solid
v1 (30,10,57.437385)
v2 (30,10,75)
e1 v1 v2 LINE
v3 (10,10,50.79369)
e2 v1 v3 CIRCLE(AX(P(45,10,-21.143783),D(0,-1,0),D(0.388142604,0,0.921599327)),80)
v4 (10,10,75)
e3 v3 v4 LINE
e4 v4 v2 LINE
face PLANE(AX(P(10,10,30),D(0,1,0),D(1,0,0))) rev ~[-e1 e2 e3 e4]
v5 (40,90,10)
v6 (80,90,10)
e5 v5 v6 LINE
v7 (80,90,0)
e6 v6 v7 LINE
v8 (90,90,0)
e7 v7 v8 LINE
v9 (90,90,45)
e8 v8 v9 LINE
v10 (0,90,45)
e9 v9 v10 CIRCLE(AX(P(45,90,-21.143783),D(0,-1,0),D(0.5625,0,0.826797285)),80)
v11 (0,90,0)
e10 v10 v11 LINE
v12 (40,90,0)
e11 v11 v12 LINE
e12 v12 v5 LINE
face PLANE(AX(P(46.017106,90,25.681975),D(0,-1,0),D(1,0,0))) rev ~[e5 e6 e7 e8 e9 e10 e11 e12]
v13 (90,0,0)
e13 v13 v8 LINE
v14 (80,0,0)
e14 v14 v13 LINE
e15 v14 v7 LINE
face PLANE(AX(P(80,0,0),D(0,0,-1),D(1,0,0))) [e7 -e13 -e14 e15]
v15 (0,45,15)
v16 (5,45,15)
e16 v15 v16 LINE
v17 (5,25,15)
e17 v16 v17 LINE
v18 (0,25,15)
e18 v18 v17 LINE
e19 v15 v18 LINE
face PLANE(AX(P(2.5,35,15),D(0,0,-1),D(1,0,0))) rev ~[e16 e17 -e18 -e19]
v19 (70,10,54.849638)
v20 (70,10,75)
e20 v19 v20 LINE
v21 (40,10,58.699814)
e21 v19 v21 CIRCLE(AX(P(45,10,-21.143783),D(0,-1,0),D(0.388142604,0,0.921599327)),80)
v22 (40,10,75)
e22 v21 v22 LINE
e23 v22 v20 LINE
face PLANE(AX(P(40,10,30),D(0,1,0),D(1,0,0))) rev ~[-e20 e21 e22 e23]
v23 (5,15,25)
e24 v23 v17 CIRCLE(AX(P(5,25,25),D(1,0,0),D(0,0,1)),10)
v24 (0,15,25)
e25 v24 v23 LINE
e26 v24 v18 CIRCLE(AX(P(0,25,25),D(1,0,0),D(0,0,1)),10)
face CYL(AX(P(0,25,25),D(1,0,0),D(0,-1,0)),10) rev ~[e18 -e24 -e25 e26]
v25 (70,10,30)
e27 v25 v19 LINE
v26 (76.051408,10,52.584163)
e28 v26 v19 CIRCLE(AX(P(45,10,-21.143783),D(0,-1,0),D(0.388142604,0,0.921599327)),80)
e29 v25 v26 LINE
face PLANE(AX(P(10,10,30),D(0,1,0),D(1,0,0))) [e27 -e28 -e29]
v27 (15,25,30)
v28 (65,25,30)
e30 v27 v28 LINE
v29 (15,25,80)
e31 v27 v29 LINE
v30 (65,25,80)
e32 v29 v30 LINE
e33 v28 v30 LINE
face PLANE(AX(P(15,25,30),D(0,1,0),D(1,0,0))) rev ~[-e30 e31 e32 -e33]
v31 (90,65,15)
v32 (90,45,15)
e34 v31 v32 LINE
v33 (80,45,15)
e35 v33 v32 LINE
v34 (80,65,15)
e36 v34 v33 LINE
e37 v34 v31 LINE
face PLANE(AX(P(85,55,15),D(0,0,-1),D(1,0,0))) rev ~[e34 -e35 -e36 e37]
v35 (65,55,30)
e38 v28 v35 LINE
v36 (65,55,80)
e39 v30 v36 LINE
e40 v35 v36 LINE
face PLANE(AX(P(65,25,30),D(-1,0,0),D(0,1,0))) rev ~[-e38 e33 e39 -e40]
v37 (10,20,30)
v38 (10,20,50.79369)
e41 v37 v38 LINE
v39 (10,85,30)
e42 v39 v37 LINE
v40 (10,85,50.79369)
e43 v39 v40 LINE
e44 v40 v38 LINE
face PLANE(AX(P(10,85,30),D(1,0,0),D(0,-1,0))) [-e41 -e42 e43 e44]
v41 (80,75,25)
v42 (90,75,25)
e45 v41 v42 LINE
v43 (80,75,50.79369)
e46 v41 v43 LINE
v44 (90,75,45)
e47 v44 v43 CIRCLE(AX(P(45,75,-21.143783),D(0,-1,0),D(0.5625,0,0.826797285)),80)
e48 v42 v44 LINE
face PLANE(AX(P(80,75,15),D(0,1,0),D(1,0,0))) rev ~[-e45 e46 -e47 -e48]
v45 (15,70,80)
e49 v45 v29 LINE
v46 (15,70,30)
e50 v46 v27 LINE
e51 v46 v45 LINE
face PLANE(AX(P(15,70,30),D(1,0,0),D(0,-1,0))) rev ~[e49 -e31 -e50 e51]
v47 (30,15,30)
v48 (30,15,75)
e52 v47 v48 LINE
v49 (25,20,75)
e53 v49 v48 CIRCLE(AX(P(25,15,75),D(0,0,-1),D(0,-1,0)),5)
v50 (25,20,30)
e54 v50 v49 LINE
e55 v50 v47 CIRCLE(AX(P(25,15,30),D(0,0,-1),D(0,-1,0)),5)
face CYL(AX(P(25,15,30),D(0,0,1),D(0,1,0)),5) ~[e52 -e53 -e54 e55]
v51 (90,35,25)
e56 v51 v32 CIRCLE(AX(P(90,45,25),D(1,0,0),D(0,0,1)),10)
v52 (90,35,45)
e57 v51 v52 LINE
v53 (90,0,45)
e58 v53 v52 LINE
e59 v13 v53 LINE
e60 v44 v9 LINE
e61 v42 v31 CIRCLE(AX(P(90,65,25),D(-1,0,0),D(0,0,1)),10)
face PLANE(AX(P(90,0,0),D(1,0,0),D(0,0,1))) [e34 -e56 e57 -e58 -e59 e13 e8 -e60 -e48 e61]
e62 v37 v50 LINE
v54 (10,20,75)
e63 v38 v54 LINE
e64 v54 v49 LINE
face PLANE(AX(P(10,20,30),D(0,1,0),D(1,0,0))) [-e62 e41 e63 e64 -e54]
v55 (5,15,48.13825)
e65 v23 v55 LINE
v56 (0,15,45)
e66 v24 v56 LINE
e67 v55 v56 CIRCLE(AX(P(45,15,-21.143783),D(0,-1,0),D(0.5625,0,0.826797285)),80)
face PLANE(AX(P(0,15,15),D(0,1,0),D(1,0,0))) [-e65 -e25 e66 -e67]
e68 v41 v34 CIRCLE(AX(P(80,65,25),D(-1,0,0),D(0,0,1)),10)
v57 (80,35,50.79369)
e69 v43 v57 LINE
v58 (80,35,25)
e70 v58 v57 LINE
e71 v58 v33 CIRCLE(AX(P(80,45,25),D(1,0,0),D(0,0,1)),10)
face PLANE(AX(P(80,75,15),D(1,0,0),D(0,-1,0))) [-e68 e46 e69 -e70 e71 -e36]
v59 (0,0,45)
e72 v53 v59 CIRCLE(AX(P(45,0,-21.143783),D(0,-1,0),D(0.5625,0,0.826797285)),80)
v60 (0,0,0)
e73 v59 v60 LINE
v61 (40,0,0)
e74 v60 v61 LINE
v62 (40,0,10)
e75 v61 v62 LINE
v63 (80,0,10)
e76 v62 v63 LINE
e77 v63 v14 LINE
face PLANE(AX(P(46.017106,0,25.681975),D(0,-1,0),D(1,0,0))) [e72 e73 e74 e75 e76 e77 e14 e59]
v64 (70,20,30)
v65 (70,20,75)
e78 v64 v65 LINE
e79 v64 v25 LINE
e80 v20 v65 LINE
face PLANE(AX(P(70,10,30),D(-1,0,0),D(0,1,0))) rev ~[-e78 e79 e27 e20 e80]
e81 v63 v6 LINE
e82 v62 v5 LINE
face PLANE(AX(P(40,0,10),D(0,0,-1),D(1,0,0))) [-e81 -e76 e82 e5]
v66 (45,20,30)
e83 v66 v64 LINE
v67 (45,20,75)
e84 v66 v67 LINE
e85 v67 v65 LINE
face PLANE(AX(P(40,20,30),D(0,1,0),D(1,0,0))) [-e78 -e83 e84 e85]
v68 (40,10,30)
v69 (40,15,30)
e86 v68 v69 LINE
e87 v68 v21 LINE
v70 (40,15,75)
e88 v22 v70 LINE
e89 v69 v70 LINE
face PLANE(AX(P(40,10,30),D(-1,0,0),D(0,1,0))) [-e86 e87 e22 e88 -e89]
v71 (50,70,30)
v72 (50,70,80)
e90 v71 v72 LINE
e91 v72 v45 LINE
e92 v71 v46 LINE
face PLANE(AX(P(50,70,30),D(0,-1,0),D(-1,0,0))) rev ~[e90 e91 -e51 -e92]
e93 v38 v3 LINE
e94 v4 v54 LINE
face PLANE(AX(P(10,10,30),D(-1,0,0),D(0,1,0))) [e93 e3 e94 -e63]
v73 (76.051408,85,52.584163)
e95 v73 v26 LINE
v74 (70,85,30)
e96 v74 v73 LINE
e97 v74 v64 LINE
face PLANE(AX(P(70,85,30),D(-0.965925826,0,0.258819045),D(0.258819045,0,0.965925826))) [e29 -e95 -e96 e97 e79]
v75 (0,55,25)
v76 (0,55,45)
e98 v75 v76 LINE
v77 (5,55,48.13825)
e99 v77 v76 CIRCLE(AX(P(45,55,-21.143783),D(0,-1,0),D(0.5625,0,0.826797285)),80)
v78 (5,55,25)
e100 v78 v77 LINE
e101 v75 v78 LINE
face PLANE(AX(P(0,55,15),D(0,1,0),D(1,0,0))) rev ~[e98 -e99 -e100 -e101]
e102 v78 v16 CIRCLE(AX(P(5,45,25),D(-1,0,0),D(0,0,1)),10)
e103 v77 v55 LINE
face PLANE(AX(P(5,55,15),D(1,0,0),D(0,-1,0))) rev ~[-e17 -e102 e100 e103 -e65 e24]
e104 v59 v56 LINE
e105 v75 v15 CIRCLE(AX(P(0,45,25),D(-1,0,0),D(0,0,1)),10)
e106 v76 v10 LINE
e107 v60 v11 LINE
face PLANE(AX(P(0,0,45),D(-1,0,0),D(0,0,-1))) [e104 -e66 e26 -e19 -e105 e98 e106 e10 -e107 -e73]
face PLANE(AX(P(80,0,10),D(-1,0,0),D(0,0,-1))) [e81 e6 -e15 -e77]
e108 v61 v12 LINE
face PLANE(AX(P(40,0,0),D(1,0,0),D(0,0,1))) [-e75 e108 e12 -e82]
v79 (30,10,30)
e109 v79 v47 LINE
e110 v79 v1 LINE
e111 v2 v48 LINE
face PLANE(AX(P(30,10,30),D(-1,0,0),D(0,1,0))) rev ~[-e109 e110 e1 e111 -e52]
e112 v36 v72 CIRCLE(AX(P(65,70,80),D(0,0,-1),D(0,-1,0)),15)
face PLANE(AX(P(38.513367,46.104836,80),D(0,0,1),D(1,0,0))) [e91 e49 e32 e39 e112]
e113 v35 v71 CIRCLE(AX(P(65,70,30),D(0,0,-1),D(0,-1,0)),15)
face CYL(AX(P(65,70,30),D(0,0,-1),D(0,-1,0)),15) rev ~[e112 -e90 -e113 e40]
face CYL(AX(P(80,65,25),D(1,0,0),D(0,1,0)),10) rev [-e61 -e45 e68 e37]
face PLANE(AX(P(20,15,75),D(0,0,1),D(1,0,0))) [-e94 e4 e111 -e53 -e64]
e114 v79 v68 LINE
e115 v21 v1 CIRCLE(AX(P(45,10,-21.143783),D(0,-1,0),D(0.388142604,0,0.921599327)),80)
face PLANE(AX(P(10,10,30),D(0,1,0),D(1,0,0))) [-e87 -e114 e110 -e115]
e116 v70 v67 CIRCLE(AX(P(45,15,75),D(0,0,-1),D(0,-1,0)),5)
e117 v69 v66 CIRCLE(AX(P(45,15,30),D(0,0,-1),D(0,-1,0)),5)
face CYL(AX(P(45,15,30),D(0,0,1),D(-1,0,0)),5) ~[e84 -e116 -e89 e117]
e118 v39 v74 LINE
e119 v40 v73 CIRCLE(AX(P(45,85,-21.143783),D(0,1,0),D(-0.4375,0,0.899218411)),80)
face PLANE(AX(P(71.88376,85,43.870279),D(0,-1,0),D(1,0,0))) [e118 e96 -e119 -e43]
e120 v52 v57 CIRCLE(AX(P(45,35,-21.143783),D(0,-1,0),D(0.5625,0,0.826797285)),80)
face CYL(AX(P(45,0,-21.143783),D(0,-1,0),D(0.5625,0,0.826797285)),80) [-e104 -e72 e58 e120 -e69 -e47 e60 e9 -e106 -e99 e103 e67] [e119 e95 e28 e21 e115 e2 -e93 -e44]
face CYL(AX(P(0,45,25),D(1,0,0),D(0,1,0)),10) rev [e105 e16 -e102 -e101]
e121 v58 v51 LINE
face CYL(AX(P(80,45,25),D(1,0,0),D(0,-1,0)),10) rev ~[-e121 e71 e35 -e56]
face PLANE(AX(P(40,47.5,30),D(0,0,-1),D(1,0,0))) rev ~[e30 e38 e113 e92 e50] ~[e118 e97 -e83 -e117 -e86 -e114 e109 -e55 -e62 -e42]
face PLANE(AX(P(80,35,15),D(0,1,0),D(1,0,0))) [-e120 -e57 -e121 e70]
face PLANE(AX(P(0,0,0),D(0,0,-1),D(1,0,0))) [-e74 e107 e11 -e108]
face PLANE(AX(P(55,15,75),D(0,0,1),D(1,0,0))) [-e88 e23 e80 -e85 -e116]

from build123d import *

# Parameters (mm, degrees)
F1_DEPTH  = 90
F3_W      = 60
F3_H      = 75
F4_DEPTH  = 28.8572172234
F6_DEPTH  = 75
F7_W      = 20
F7_H      = 10
F7_W_2    = 30
F8_DEPTH  = 45
F9_R      = 5
F11_DEPTH = 50
F13_W     = 5
F13_H     = 40
F13_W_2   = 10
F14_DEPTH = 65.001
F15_R     = 10


with BuildPart() as f1:
    # F0 (on Front) → F1 (new body)
    with BuildSketch(Plane.XZ):
        with BuildLine():
            Line((0, 45), (0, 0))
            Line((0, 0), (40, 0))
            Line((40, 0), (40, 10))
            Line((40, 10), (80, 10))
            Line((80, 10), (80, 0))
            Line((80, 0), (90, 0))
            Line((90, 0), (90, 45))
            ThreePointArc((90, 45), (45, 58.8562172234), (0, 45))
        make_face()
    extrude(amount=-F1_DEPTH)

    # F3 (on offset) → F4 (cut, through all)
    with BuildSketch(Plane(origin=(0, 0, 30), x_dir=(1, 0, 0), z_dir=(0, 0, -1))):
        with Locations((40, -47.5)):
            Rectangle(F3_W, F3_H)
    extrude(amount=-F4_DEPTH, mode=Mode.SUBTRACT)

    # F5 (on face) → F6 (cut, through all)
    with BuildSketch(Plane.XZ.offset(-85)):
        Polygon((70, 54.8496379912), (70, 30), (76.658440432, 54.8496379912), align=None)
    extrude(amount=F6_DEPTH, mode=Mode.SUBTRACT)

    # F7 (on face) → F8 (join)
    with BuildSketch(Plane.XY.offset(30)):
        with Locations((20, 15)):
            Rectangle(F7_W, F7_H)
        with Locations((55, 15)):
            Rectangle(F7_W_2, F7_H)
    extrude(amount=F8_DEPTH)

    # F9
    f9_edges = [f1.edges().sort_by_distance(p)[0] for p in [
        (40, 20, 52.5),
        (30, 20, 52.5),
    ]]
    fillet(f9_edges, radius=F9_R)

    # F10 (on face) → F11 (join)
    with BuildSketch(Plane.XY.offset(30)):
        with BuildLine():
            Line((50, 70), (15, 70))
            Line((15, 70), (15, 25))
            Line((15, 25), (65, 25))
            Line((65, 25), (65, 55))
            ThreePointArc((65, 55), (54.3933982822, 59.3933982822), (50, 70))
        make_face()
    extrude(amount=F11_DEPTH)

    # F13 (on offset) → F14 (cut, through all)
    with BuildSketch(Plane(origin=(0, 0, 15), x_dir=(1, 0, 0), z_dir=(0, 0, -1))):
        with Locations((2.5, -35)):
            Rectangle(F13_W, F13_H)
        with Locations((85, -55)):
            Rectangle(F13_W_2, F13_H)
    extrude(amount=-F14_DEPTH, mode=Mode.SUBTRACT)

    # F15
    f15_edges = [f1.edges().sort_by_distance(p)[0] for p in [
        (2.5, 55, 15),
        (2.5, 15, 15),
        (85, 35, 15),
        (85, 75, 15),
    ]]
    fillet(f15_edges, radius=F15_R)


solid = f1.part
